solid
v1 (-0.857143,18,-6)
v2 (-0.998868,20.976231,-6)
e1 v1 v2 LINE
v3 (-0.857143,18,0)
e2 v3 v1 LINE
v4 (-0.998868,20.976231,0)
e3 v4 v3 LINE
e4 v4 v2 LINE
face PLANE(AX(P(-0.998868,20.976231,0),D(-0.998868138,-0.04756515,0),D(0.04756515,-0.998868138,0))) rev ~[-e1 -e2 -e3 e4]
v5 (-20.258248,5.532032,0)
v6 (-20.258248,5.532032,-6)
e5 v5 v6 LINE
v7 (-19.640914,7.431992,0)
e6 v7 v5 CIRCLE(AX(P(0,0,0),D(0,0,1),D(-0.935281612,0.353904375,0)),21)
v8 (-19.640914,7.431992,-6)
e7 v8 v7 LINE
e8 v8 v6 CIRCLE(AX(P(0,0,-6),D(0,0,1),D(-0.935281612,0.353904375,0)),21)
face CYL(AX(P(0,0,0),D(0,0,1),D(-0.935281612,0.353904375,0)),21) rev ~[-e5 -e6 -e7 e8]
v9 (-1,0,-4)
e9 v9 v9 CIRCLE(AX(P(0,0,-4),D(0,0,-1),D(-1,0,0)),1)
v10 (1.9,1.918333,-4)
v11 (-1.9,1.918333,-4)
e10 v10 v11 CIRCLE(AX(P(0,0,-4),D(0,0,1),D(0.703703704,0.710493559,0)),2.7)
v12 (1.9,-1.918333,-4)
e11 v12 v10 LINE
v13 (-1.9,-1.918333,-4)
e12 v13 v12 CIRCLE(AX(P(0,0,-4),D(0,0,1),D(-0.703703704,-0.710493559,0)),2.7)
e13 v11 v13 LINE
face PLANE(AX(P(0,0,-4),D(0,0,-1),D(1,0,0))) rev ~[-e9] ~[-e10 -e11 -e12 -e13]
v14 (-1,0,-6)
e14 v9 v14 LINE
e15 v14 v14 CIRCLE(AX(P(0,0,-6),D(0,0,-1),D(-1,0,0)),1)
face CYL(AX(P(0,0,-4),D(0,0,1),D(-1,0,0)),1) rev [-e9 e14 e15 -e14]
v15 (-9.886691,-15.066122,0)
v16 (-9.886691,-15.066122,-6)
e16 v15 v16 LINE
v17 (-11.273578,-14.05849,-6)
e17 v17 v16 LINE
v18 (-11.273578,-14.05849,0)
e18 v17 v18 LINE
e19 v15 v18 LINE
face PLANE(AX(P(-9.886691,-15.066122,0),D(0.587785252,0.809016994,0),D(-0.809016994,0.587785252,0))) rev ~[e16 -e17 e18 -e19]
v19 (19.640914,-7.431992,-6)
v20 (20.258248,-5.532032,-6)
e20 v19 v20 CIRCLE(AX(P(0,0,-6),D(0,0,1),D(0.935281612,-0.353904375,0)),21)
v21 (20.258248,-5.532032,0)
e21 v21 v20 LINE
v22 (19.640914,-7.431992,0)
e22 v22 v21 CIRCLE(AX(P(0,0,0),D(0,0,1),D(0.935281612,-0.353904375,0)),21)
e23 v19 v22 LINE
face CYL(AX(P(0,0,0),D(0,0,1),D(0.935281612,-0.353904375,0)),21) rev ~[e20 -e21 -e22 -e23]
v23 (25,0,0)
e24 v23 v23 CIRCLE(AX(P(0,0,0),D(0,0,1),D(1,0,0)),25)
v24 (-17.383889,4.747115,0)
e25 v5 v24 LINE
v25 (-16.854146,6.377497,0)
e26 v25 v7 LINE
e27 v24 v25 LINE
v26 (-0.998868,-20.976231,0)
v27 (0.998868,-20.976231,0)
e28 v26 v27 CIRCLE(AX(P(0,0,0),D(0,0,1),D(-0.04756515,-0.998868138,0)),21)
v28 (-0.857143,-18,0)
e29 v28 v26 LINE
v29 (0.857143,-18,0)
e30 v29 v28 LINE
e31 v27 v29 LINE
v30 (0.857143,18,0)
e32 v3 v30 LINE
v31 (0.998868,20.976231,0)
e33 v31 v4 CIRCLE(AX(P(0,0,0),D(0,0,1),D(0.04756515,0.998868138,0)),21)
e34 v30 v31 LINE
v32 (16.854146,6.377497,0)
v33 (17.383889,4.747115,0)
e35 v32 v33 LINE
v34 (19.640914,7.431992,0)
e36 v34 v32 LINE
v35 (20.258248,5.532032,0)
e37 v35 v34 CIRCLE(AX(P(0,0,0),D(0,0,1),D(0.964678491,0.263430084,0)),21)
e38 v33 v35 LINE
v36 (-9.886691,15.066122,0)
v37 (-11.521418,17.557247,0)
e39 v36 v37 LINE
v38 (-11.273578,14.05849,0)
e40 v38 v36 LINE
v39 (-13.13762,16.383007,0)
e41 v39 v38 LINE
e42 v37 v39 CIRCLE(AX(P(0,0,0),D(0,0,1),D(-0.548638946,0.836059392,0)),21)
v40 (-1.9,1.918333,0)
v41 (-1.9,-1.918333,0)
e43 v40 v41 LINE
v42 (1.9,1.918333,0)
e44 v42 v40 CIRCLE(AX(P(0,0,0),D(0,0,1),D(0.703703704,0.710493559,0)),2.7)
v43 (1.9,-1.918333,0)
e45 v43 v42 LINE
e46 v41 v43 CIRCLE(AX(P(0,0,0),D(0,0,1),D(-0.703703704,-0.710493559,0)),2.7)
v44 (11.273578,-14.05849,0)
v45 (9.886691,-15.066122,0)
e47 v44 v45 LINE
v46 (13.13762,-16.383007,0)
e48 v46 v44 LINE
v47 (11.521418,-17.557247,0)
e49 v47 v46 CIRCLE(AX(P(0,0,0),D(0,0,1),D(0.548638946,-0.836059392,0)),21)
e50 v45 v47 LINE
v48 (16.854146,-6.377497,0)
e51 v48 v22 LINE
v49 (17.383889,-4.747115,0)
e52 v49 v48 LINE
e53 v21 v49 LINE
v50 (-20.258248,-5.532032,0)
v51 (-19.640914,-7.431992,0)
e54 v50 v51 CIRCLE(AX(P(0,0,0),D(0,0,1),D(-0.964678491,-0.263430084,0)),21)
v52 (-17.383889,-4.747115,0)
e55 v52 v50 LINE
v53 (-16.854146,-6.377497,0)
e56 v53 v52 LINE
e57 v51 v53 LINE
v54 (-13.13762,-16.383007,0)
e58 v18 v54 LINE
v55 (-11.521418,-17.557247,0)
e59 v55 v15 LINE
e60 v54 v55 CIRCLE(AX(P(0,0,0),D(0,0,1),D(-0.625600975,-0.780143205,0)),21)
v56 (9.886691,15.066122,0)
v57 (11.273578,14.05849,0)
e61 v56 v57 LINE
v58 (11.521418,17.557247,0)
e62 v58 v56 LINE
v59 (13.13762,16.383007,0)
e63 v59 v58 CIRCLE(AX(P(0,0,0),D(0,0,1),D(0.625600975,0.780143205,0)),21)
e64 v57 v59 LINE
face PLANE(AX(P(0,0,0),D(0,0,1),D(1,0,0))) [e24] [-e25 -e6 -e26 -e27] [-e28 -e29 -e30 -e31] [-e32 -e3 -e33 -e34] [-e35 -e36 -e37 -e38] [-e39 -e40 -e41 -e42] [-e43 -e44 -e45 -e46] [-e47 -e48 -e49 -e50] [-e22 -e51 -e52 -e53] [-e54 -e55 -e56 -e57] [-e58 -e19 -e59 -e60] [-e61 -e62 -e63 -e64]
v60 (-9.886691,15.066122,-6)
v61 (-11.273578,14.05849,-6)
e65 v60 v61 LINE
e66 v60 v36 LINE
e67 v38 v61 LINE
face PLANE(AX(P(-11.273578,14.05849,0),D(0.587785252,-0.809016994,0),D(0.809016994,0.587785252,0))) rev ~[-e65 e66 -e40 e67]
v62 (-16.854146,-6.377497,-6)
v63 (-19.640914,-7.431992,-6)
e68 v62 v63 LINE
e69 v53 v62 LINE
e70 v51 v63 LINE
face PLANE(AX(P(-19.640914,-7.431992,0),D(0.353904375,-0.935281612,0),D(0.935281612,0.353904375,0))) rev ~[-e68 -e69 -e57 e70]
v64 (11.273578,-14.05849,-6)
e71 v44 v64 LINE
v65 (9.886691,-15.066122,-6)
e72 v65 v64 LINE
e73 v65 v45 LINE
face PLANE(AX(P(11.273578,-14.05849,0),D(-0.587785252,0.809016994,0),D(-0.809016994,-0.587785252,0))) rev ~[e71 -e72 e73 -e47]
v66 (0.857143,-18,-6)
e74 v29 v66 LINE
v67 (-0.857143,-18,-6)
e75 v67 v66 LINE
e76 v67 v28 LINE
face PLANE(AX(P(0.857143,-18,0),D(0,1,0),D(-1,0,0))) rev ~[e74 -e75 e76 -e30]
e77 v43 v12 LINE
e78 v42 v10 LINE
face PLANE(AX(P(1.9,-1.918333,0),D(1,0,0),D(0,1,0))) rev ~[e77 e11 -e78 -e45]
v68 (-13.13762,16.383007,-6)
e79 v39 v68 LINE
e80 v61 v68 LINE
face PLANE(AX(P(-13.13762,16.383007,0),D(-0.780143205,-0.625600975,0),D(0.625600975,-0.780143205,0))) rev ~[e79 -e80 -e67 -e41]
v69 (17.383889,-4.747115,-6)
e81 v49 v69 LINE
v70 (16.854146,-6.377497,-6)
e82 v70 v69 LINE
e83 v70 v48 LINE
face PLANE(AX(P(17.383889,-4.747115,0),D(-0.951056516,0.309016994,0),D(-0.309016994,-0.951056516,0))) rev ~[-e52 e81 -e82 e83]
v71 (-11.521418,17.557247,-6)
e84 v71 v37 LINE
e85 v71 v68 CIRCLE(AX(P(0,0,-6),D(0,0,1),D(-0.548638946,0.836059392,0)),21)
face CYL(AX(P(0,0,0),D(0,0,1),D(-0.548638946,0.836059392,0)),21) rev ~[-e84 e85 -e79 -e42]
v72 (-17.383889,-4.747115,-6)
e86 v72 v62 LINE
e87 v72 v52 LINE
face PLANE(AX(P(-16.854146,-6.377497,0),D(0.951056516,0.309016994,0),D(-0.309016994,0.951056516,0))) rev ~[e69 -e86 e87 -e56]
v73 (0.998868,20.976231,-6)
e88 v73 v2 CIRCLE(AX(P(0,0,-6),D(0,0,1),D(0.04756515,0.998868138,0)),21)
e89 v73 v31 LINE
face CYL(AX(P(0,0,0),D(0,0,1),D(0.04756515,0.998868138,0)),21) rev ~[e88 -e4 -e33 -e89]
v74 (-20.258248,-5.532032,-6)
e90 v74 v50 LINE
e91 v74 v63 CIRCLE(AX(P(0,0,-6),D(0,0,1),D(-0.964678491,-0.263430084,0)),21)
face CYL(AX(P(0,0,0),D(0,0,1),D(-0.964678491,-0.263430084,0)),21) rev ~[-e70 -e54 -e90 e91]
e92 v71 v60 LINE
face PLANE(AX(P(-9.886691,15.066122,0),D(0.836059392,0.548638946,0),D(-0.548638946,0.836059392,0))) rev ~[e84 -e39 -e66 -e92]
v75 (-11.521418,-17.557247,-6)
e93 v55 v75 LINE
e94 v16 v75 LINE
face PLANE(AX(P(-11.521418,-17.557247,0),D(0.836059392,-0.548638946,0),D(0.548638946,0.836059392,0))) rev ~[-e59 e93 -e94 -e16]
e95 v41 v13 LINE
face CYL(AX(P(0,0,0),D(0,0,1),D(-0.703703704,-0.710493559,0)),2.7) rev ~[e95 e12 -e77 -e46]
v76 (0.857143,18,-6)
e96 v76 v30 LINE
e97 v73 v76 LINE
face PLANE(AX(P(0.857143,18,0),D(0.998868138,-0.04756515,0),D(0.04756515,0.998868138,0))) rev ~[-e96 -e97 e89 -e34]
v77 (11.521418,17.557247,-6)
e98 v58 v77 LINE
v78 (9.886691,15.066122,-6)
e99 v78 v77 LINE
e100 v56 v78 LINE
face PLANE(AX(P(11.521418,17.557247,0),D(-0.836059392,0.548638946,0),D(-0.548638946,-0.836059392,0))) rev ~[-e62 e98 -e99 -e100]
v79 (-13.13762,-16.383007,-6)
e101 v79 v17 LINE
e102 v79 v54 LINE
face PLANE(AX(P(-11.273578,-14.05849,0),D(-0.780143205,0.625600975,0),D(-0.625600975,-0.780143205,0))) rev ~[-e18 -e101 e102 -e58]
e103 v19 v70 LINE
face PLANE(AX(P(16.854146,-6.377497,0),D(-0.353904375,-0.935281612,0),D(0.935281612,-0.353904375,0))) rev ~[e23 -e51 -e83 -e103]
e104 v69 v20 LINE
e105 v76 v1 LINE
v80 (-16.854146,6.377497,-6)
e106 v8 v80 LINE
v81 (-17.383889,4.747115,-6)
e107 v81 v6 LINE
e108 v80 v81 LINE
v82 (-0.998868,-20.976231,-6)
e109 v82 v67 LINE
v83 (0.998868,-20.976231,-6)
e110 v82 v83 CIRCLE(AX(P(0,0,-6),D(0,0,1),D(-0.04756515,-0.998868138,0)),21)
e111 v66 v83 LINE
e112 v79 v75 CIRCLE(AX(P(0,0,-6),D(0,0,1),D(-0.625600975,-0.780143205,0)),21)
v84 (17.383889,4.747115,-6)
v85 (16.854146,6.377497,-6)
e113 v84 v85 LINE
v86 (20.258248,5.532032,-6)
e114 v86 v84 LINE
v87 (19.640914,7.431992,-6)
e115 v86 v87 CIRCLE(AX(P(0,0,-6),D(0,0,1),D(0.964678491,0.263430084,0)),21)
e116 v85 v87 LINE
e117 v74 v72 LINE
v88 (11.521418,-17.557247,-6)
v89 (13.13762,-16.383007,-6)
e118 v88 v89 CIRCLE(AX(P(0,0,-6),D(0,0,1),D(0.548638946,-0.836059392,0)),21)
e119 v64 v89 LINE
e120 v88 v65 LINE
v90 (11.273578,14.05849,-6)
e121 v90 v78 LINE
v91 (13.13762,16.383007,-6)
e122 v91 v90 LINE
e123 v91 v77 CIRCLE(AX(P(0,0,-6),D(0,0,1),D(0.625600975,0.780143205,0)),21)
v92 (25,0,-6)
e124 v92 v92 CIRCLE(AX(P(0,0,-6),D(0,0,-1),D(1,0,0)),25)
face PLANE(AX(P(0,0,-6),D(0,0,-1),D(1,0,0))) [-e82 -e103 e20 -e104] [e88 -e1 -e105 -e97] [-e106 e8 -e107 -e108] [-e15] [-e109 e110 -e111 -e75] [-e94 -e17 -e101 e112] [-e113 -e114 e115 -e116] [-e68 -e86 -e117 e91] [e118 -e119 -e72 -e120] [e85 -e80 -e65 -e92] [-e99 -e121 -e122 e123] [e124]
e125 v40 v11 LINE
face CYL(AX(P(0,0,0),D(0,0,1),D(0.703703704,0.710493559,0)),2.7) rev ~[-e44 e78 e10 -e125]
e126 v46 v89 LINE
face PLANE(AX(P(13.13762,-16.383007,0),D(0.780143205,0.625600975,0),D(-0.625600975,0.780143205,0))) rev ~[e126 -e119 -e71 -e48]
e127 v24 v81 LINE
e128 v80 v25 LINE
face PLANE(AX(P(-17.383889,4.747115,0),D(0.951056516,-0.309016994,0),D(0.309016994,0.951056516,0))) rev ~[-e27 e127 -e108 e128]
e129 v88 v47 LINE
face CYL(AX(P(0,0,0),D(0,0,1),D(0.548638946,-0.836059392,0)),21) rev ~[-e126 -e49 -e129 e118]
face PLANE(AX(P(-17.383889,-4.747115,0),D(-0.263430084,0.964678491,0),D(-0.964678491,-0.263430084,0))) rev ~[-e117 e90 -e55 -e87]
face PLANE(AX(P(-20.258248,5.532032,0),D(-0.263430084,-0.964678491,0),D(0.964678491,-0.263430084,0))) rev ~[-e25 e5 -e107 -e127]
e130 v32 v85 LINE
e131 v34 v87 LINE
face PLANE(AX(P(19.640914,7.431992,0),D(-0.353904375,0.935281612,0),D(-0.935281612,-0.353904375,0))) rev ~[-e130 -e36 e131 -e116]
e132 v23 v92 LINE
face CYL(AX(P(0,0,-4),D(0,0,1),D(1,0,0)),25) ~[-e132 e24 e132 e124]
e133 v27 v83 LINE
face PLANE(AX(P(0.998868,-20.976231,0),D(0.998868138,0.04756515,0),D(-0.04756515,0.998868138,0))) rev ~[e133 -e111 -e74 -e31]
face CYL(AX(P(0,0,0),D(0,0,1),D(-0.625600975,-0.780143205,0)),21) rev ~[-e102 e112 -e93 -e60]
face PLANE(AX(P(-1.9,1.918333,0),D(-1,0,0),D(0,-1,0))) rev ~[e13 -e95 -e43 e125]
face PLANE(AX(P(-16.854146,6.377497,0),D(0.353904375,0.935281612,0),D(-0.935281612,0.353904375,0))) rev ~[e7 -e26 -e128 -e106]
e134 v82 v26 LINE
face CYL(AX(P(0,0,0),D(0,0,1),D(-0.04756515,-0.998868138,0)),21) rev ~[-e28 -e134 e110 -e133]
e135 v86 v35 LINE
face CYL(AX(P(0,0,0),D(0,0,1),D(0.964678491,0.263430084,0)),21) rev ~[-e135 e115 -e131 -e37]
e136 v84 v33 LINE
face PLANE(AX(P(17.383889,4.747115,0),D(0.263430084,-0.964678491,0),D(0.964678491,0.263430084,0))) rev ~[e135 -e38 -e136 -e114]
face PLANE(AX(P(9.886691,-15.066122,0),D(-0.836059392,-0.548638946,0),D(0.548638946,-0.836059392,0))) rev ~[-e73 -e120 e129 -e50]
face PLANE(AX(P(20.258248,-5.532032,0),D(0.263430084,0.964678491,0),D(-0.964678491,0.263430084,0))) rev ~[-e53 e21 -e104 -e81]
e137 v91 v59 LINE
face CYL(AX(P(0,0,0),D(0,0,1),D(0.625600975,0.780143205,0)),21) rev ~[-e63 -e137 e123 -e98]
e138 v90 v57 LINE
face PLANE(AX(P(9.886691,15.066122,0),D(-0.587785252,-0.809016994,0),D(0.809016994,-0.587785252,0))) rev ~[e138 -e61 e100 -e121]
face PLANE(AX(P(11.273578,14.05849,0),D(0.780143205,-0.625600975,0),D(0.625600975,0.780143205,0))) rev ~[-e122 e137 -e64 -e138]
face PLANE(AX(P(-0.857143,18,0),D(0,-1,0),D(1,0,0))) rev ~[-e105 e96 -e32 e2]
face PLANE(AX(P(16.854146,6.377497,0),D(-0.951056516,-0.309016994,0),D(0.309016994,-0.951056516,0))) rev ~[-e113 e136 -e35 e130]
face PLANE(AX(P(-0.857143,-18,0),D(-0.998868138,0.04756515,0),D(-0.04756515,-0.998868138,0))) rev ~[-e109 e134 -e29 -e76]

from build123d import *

# Parameters (mm, degrees)
SKETCH2_R           = 25
BOSS_EXTRUDE1_DEPTH = 4
SKETCH3_R           = 25
SKETCH3_R_2         = 1
BOSS_EXTRUDE2_DEPTH = 2
CUT_EXTRUDE1_DEPTH  = 36.860842154
CIRPATTERN1_COUNT   = 10


with BuildPart() as part:
    # Sketch2 → Boss-Extrude1 (new body)
    with BuildSketch(Plane.XY):
        Circle(SKETCH2_R)
        with BuildLine():
            Line((1.9, -1.918332609), (1.9, 1.918332609))
            ThreePointArc((1.9, 1.918332609), (0, 2.7), (-1.9, 1.918332609))
            Line((-1.9, 1.918332609), (-1.9, -1.918332609))
            ThreePointArc((-1.9, -1.918332609), (0, -2.7), (1.9, -1.918332609))
        make_face(mode=Mode.SUBTRACT)
    extrude(amount=-BOSS_EXTRUDE1_DEPTH)

    # Sketch3 → Boss-Extrude2 (add)
    with BuildSketch(Plane(origin=(0, 0, -4), x_dir=(-1, 0, 0), z_dir=(0, 0, -1))):
        with Locations(Location((0, 0, 0), (0, 0, 180))):
            Circle(SKETCH3_R)
        Circle(SKETCH3_R_2, mode=Mode.SUBTRACT)
    extrude(amount=BOSS_EXTRUDE2_DEPTH)

    # Sketch4 → Cut-Extrude1 (cut, symmetric)
    with BuildSketch(Plane.XY):
        with BuildLine():
            Line((-0.857142857, 18), (0.857142857, 18))
            Line((0.857142857, 18), (0.998868138, 20.976230892))
            ThreePointArc((0.998868138, 20.976230892), (0, 21), (-0.998868138, 20.976230892))
            Line((-0.998868138, 20.976230892), (-0.857142857, 18))
        make_face()
    cut_extrude1 = extrude(amount=CUT_EXTRUDE1_DEPTH, both=True, mode=Mode.SUBTRACT)

    # CirPattern1: Cut-Extrude1 ×10 about axis
    cirpattern1_axis = Axis((0, 0, 0), (0, 0, 1))
    for i in range(1, CIRPATTERN1_COUNT):
        add(cut_extrude1.rotate(cirpattern1_axis, i * 360 / CIRPATTERN1_COUNT), mode=Mode.SUBTRACT)


solid = part.part
